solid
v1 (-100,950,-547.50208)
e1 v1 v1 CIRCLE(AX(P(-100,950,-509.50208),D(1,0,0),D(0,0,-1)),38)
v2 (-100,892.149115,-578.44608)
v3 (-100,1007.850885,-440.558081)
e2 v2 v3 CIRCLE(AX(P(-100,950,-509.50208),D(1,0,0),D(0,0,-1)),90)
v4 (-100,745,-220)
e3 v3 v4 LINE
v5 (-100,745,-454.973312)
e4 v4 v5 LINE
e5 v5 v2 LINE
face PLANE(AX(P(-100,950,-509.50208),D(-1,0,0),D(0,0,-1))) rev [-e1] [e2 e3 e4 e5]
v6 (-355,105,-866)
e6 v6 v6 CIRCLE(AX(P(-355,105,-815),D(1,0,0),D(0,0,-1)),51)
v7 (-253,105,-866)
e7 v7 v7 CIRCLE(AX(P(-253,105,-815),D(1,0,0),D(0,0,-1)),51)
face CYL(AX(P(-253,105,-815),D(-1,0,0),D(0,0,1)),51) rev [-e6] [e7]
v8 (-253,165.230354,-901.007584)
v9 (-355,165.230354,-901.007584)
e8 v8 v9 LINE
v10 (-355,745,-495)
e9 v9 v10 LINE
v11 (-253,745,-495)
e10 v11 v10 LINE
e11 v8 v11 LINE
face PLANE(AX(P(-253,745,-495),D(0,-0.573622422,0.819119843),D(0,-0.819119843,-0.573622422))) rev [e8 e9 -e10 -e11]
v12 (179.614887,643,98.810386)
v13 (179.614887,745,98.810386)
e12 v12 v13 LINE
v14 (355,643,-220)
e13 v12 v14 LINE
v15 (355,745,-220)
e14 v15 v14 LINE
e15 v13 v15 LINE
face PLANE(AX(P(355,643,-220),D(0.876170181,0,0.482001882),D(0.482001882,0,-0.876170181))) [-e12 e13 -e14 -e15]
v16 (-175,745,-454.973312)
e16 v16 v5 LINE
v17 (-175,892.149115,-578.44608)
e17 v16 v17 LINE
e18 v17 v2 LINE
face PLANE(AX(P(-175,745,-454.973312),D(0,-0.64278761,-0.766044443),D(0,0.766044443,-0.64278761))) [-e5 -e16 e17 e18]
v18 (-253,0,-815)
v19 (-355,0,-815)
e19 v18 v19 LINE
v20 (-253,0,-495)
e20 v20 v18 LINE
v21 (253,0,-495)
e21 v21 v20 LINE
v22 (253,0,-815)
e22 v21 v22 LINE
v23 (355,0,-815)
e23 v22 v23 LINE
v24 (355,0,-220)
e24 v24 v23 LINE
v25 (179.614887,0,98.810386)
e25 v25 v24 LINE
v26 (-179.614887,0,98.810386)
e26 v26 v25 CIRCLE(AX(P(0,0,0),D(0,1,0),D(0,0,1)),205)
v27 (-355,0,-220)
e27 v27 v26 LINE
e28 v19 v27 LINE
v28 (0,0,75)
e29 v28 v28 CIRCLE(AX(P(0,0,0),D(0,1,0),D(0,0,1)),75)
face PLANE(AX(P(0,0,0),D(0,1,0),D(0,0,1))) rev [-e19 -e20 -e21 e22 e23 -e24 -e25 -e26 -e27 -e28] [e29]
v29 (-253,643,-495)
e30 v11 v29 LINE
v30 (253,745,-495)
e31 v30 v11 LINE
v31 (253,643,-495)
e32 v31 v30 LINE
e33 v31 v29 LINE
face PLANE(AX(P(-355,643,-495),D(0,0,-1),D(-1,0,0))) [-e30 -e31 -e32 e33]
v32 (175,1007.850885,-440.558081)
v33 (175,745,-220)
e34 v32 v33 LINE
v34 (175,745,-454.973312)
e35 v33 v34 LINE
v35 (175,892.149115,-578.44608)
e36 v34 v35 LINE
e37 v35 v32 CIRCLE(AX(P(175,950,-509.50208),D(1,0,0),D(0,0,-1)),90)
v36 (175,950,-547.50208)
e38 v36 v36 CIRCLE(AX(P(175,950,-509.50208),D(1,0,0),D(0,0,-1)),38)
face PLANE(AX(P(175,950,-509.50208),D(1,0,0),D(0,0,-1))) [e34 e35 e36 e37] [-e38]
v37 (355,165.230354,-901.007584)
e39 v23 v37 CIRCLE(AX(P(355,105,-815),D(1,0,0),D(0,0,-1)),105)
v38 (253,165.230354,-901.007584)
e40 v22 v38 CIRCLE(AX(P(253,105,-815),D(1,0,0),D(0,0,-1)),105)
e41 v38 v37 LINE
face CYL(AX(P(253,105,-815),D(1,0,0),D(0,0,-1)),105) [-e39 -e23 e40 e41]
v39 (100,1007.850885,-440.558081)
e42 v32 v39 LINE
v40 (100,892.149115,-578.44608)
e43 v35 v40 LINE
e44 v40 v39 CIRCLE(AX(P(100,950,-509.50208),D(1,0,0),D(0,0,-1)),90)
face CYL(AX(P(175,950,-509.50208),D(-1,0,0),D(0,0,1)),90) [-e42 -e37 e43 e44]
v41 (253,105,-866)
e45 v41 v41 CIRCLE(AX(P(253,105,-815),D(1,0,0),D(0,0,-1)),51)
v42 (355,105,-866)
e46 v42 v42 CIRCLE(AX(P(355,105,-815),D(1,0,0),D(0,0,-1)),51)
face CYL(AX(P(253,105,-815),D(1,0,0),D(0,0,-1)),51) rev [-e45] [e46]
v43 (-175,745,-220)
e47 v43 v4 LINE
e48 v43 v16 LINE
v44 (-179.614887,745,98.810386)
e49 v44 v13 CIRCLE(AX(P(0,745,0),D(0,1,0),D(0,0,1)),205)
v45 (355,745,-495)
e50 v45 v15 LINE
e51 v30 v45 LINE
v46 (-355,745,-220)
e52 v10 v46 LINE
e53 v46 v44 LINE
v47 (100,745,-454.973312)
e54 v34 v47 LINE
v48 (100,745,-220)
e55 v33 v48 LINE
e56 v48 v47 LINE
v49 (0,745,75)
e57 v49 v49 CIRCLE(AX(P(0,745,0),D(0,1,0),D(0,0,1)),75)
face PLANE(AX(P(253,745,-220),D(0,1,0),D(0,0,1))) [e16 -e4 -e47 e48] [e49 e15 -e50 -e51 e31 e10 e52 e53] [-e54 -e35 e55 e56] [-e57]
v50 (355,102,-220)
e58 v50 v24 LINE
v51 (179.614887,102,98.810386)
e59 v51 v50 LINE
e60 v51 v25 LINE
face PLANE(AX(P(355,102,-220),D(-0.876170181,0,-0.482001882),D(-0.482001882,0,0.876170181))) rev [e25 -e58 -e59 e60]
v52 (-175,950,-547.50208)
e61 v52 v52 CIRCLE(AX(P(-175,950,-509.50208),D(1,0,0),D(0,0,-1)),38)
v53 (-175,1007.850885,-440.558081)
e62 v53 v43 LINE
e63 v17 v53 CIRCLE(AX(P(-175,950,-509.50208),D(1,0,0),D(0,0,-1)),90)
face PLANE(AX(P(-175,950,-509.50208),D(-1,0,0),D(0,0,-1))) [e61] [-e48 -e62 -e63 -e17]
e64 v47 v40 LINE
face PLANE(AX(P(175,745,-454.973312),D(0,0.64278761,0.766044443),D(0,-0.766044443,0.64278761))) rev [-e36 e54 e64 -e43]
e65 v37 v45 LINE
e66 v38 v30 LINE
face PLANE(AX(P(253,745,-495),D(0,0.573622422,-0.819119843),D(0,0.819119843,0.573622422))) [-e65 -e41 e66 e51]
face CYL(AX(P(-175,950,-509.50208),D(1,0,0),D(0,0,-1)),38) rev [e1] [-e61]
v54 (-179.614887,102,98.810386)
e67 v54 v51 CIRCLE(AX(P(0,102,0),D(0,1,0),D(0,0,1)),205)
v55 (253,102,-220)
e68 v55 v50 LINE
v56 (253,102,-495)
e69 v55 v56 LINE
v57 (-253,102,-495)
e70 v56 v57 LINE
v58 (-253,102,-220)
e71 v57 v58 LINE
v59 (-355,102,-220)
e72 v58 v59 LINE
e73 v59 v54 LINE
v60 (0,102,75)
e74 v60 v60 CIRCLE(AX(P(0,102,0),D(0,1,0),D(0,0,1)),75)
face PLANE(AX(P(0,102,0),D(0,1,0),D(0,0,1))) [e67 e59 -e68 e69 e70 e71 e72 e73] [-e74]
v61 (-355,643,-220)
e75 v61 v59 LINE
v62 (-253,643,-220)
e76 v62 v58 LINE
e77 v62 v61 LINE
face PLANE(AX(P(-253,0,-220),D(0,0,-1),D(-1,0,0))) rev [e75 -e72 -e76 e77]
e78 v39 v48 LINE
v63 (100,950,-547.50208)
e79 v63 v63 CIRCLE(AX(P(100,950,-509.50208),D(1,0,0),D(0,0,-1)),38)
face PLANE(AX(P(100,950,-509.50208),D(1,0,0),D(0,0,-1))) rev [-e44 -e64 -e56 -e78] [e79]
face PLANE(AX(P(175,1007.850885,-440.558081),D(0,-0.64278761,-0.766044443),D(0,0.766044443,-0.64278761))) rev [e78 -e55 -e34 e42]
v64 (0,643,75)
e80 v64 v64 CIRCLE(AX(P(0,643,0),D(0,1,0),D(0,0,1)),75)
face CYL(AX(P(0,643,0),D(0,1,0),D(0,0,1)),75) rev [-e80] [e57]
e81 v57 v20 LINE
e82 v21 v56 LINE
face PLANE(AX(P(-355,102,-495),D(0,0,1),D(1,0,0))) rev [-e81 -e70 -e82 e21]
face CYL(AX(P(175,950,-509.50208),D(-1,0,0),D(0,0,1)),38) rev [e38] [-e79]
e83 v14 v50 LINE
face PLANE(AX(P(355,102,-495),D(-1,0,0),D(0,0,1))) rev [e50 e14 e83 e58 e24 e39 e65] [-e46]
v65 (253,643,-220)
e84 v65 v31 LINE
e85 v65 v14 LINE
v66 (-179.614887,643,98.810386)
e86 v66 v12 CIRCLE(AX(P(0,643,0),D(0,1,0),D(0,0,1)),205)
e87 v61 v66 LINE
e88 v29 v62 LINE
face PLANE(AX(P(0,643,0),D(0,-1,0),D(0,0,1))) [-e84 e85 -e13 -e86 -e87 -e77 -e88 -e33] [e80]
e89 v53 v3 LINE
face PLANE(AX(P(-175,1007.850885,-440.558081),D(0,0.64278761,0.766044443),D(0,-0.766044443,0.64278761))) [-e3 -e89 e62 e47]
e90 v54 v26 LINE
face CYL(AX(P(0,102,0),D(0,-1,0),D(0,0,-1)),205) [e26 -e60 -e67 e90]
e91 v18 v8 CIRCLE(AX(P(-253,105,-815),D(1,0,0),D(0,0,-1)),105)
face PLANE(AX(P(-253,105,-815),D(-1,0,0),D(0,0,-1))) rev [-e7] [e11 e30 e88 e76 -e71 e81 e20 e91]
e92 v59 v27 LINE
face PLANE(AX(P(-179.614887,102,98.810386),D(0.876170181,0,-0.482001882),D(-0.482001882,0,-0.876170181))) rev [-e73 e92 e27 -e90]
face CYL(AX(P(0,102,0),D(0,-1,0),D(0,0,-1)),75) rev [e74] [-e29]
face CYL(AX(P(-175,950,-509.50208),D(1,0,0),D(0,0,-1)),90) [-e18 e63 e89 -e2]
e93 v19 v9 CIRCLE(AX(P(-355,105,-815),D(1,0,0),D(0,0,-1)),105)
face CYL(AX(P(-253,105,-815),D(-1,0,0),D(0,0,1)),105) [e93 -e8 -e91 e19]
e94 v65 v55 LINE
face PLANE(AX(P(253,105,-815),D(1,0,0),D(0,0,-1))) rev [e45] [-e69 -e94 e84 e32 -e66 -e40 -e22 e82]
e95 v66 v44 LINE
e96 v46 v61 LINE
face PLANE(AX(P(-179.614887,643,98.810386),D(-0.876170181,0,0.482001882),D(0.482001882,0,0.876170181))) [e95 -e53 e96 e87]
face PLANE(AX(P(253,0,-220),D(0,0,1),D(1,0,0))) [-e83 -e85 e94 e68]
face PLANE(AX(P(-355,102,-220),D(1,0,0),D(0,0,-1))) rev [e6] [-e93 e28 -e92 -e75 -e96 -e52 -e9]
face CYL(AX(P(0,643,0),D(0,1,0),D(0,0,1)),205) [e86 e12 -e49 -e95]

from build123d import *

# Parameters (mm, degrees)
SKETCH1_R           = 75
BOSS_EXTRUDE1_DEPTH = 102
SKETCH3_R           = 51
BOSS_EXTRUDE2_DEPTH = 102
SKETCH4_R           = 38
BOSS_EXTRUDE3_DEPTH = 75


with BuildPart() as part:
    # Sketch1 → Boss-Extrude1 (new body)
    with BuildSketch(Plane(origin=(0, 0, 0), x_dir=(1, 0, 0), z_dir=(0, 1, 0))):
        with BuildLine():
            Line((-179.614887026, -98.810385884), (-355, 220))
            Line((-355, 220), (-355, 495))
            Line((-355, 495), (355, 495))
            Line((355, 495), (355, 220))
            Line((355, 220), (179.614887026, -98.810385884))
            ThreePointArc((179.614887026, -98.810385884), (0, -205), (-179.614887026, -98.810385884))
        make_face()
        with Locations(Location((0, 0, 0), (0, 0, 270))):
            Circle(SKETCH1_R, mode=Mode.SUBTRACT)
    boss_extrude1 = extrude(amount=BOSS_EXTRUDE1_DEPTH)

    # Sketch3 → Boss-Extrude2 (add)
    with BuildSketch(Plane(origin=(355, 0, 0), x_dir=(0, 0, -1), z_dir=(1, 0, 0))):
        with BuildLine():
            Line((220, 0), (220, 745))
            Line((220, 745), (495, 745))
            Line((495, 745), (901.007583532, 165.230354266))
            ThreePointArc((901.007583532, 165.230354266), (908.13749835, 56.5190099), (815, 0))
            Line((815, 0), (220, 0))
        make_face()
        with Locations((815, 105)):
            Circle(SKETCH3_R, mode=Mode.SUBTRACT)
    boss_extrude2 = extrude(amount=-BOSS_EXTRUDE2_DEPTH)

    # Mirror1: Boss-Extrude2 across plane
    add(boss_extrude2.mirror(Plane(origin=(0, 0, 0), x_dir=(0, 0, 1), z_dir=(1, 0, 0))))

    # Mirror2: Boss-Extrude1 across plane
    add(boss_extrude1.mirror(Plane(origin=(0, 372.5, 0), x_dir=(0, 0, 1), z_dir=(0, -1, 0))))

    # Sketch4 → Boss-Extrude3 (add)
    with BuildSketch(Plane(origin=(100, 0, 0), x_dir=(0, 0, -1), z_dir=(1, 0, 0))):
        with BuildLine():
            Line((440.558080551, 1007.850884872), (220, 745))
            Line((220, 745), (454.97331208, 745))
            Line((454.97331208, 745), (578.446080312, 892.149115128))
            ThreePointArc((578.446080312, 892.149115128), (567.352965303, 1018.943999881), (440.558080551, 1007.850884872))
        make_face()
        with Locations((509.502080431, 950)):
            Circle(SKETCH4_R, mode=Mode.SUBTRACT)
    boss_extrude3 = extrude(amount=BOSS_EXTRUDE3_DEPTH)

    # Mirror3: Boss-Extrude3 across plane
    add(boss_extrude3.mirror(Plane(origin=(0, 0, 0), x_dir=(0, 0, 1), z_dir=(1, 0, 0))))


solid = part.part
